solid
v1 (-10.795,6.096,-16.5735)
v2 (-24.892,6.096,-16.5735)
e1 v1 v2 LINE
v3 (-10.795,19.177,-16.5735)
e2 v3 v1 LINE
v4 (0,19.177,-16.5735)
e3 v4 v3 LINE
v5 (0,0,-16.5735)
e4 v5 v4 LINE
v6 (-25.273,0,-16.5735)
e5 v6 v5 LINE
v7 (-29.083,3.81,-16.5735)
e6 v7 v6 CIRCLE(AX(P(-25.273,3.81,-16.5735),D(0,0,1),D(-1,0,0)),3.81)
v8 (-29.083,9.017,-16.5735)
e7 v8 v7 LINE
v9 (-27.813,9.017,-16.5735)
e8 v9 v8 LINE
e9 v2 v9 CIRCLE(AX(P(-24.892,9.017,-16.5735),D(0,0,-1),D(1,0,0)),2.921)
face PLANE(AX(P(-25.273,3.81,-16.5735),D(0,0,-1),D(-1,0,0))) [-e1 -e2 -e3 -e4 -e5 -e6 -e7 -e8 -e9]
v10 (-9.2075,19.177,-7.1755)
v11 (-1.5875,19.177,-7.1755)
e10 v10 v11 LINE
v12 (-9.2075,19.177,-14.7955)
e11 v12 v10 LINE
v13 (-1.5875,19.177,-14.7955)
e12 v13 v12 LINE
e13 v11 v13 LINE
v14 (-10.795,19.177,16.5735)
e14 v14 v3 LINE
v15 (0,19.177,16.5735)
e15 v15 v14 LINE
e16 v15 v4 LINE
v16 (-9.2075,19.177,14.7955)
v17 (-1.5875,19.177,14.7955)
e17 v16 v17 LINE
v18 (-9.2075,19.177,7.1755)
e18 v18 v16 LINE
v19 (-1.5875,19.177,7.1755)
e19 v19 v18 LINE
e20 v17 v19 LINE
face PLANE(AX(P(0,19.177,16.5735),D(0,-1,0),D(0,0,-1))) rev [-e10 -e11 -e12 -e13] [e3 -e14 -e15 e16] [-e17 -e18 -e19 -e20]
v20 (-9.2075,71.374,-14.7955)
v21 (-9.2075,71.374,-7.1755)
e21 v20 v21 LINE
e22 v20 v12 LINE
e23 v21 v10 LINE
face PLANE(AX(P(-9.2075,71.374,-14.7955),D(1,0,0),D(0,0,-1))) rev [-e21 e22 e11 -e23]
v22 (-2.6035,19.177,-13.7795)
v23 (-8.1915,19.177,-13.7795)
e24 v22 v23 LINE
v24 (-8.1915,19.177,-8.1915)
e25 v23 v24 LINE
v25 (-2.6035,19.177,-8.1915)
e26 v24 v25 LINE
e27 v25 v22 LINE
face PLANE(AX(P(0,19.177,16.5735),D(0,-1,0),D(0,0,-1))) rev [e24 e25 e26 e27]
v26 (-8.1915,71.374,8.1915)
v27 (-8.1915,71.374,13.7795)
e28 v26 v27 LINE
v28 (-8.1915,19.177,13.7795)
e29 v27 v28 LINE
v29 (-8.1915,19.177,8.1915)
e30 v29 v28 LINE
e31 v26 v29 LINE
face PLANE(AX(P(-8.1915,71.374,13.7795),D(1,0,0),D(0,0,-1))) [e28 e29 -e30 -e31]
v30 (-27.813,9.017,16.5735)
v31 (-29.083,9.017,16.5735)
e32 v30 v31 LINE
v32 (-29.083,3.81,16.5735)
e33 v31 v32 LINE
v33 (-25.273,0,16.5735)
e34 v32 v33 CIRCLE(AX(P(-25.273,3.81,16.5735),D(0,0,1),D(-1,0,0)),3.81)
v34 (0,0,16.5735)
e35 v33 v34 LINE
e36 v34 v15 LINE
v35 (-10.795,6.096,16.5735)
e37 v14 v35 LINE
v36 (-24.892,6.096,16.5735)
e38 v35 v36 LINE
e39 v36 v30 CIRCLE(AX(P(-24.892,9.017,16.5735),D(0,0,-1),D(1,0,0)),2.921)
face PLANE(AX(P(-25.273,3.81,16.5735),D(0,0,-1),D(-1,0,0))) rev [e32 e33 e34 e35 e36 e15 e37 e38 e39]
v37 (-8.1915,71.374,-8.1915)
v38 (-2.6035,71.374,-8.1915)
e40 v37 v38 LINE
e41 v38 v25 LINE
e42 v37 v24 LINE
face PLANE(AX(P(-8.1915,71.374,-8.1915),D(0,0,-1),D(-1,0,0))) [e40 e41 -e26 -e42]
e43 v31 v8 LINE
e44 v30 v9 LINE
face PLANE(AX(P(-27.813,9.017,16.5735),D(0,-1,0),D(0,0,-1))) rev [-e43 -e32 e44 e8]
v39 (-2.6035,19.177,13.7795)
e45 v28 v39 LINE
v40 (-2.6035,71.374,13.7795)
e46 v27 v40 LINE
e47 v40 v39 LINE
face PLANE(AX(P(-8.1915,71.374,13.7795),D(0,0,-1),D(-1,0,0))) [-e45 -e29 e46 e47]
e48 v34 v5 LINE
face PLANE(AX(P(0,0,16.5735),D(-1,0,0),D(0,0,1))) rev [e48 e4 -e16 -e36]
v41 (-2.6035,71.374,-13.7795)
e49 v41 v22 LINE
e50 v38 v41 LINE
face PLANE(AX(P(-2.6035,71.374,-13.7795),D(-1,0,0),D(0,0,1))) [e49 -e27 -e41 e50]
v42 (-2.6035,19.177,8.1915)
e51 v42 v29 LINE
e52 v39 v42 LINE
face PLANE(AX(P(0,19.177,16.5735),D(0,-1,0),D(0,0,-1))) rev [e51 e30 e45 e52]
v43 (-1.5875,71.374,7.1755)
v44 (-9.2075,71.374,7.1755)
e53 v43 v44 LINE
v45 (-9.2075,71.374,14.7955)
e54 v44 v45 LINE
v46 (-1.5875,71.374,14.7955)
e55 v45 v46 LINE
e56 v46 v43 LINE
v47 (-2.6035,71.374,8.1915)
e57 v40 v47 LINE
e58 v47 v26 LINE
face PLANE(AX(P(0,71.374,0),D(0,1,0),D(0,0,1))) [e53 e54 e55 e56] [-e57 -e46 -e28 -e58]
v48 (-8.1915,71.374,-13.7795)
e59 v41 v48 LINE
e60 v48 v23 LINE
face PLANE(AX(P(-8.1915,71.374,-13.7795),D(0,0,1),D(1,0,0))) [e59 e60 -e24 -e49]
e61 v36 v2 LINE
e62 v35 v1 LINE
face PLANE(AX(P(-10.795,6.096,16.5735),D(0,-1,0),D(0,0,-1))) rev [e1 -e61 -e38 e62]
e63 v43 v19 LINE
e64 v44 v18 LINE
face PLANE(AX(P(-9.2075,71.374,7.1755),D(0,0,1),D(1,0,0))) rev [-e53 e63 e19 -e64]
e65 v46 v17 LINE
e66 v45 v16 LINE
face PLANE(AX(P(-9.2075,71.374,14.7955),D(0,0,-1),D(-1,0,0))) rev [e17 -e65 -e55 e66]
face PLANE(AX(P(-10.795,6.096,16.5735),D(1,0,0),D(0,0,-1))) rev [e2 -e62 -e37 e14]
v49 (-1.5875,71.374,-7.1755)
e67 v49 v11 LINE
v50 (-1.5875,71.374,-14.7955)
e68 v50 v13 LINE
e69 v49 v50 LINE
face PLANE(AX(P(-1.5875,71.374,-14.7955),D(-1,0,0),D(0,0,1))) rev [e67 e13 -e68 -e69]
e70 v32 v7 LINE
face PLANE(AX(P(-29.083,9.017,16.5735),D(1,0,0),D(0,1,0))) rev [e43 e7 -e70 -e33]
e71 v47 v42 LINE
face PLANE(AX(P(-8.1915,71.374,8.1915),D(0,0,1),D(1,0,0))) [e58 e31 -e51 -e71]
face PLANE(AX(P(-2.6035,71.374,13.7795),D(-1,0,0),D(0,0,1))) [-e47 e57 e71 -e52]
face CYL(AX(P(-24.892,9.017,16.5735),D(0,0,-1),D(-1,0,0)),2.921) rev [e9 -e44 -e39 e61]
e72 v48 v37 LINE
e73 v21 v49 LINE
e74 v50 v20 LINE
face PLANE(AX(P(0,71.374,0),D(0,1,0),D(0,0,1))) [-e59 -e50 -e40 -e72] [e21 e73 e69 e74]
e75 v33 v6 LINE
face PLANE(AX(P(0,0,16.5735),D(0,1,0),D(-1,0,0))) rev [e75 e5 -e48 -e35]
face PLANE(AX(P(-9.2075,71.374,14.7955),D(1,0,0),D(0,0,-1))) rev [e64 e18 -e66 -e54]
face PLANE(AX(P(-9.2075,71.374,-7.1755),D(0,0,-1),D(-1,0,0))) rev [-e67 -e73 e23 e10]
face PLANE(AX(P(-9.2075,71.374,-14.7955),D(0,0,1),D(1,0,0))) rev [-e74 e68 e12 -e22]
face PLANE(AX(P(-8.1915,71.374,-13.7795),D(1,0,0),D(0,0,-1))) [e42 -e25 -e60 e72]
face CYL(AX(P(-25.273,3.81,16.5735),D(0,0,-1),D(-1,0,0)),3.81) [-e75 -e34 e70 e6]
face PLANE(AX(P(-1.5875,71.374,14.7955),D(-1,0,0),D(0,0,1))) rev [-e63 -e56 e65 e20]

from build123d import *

# Parameters (mm, degrees)
BOSS_EXTRUDE1_DEPTH = 16.5735
SKETCH2_W           = 7.62
SKETCH2_H           = 7.62
SKETCH2_W_2         = 5.588
SKETCH2_H_2         = 5.588
BOSS_EXTRUDE2_DEPTH = 52.197


with BuildPart() as part:
    # Sketch1 → Boss-Extrude1 (new body, symmetric)
    with BuildSketch(Plane.XY):
        with BuildLine():
            Line((0, 0), (0, 19.177))
            Line((0, 19.177), (-10.795, 19.177))
            Line((-10.795, 19.177), (-10.795, 6.096))
            Line((-10.795, 6.096), (-24.892, 6.096))
            ThreePointArc((-24.892, 6.096), (-26.957458908, 6.951541092), (-27.813, 9.017))
            Line((-27.813, 9.017), (-29.083, 9.017))
            Line((-29.083, 9.017), (-29.083, 3.81))
            ThreePointArc((-29.083, 3.81), (-27.967076836, 1.115923164), (-25.273, 0))
            Line((-25.273, 0), (0, 0))
        make_face()
    extrude(amount=BOSS_EXTRUDE1_DEPTH, both=True)

    # Sketch2 → Boss-Extrude2 (add)
    with BuildSketch(Plane(origin=(0, 19.177, 0), x_dir=(1, 0, 0), z_dir=(0, 1, 0))):
        with Locations((-5.3975, 10.9855)):
            Rectangle(SKETCH2_W, SKETCH2_H)
        with Locations((-5.3975, 10.9855)):
            Rectangle(SKETCH2_W_2, SKETCH2_H_2, mode=Mode.SUBTRACT)
        with Locations((-5.3975, -10.9855)):
            Rectangle(SKETCH2_W, SKETCH2_H)
        with Locations((-5.3975, -10.9855)):
            Rectangle(SKETCH2_W_2, SKETCH2_H_2, mode=Mode.SUBTRACT)
    extrude(amount=BOSS_EXTRUDE2_DEPTH)


solid = part.part
